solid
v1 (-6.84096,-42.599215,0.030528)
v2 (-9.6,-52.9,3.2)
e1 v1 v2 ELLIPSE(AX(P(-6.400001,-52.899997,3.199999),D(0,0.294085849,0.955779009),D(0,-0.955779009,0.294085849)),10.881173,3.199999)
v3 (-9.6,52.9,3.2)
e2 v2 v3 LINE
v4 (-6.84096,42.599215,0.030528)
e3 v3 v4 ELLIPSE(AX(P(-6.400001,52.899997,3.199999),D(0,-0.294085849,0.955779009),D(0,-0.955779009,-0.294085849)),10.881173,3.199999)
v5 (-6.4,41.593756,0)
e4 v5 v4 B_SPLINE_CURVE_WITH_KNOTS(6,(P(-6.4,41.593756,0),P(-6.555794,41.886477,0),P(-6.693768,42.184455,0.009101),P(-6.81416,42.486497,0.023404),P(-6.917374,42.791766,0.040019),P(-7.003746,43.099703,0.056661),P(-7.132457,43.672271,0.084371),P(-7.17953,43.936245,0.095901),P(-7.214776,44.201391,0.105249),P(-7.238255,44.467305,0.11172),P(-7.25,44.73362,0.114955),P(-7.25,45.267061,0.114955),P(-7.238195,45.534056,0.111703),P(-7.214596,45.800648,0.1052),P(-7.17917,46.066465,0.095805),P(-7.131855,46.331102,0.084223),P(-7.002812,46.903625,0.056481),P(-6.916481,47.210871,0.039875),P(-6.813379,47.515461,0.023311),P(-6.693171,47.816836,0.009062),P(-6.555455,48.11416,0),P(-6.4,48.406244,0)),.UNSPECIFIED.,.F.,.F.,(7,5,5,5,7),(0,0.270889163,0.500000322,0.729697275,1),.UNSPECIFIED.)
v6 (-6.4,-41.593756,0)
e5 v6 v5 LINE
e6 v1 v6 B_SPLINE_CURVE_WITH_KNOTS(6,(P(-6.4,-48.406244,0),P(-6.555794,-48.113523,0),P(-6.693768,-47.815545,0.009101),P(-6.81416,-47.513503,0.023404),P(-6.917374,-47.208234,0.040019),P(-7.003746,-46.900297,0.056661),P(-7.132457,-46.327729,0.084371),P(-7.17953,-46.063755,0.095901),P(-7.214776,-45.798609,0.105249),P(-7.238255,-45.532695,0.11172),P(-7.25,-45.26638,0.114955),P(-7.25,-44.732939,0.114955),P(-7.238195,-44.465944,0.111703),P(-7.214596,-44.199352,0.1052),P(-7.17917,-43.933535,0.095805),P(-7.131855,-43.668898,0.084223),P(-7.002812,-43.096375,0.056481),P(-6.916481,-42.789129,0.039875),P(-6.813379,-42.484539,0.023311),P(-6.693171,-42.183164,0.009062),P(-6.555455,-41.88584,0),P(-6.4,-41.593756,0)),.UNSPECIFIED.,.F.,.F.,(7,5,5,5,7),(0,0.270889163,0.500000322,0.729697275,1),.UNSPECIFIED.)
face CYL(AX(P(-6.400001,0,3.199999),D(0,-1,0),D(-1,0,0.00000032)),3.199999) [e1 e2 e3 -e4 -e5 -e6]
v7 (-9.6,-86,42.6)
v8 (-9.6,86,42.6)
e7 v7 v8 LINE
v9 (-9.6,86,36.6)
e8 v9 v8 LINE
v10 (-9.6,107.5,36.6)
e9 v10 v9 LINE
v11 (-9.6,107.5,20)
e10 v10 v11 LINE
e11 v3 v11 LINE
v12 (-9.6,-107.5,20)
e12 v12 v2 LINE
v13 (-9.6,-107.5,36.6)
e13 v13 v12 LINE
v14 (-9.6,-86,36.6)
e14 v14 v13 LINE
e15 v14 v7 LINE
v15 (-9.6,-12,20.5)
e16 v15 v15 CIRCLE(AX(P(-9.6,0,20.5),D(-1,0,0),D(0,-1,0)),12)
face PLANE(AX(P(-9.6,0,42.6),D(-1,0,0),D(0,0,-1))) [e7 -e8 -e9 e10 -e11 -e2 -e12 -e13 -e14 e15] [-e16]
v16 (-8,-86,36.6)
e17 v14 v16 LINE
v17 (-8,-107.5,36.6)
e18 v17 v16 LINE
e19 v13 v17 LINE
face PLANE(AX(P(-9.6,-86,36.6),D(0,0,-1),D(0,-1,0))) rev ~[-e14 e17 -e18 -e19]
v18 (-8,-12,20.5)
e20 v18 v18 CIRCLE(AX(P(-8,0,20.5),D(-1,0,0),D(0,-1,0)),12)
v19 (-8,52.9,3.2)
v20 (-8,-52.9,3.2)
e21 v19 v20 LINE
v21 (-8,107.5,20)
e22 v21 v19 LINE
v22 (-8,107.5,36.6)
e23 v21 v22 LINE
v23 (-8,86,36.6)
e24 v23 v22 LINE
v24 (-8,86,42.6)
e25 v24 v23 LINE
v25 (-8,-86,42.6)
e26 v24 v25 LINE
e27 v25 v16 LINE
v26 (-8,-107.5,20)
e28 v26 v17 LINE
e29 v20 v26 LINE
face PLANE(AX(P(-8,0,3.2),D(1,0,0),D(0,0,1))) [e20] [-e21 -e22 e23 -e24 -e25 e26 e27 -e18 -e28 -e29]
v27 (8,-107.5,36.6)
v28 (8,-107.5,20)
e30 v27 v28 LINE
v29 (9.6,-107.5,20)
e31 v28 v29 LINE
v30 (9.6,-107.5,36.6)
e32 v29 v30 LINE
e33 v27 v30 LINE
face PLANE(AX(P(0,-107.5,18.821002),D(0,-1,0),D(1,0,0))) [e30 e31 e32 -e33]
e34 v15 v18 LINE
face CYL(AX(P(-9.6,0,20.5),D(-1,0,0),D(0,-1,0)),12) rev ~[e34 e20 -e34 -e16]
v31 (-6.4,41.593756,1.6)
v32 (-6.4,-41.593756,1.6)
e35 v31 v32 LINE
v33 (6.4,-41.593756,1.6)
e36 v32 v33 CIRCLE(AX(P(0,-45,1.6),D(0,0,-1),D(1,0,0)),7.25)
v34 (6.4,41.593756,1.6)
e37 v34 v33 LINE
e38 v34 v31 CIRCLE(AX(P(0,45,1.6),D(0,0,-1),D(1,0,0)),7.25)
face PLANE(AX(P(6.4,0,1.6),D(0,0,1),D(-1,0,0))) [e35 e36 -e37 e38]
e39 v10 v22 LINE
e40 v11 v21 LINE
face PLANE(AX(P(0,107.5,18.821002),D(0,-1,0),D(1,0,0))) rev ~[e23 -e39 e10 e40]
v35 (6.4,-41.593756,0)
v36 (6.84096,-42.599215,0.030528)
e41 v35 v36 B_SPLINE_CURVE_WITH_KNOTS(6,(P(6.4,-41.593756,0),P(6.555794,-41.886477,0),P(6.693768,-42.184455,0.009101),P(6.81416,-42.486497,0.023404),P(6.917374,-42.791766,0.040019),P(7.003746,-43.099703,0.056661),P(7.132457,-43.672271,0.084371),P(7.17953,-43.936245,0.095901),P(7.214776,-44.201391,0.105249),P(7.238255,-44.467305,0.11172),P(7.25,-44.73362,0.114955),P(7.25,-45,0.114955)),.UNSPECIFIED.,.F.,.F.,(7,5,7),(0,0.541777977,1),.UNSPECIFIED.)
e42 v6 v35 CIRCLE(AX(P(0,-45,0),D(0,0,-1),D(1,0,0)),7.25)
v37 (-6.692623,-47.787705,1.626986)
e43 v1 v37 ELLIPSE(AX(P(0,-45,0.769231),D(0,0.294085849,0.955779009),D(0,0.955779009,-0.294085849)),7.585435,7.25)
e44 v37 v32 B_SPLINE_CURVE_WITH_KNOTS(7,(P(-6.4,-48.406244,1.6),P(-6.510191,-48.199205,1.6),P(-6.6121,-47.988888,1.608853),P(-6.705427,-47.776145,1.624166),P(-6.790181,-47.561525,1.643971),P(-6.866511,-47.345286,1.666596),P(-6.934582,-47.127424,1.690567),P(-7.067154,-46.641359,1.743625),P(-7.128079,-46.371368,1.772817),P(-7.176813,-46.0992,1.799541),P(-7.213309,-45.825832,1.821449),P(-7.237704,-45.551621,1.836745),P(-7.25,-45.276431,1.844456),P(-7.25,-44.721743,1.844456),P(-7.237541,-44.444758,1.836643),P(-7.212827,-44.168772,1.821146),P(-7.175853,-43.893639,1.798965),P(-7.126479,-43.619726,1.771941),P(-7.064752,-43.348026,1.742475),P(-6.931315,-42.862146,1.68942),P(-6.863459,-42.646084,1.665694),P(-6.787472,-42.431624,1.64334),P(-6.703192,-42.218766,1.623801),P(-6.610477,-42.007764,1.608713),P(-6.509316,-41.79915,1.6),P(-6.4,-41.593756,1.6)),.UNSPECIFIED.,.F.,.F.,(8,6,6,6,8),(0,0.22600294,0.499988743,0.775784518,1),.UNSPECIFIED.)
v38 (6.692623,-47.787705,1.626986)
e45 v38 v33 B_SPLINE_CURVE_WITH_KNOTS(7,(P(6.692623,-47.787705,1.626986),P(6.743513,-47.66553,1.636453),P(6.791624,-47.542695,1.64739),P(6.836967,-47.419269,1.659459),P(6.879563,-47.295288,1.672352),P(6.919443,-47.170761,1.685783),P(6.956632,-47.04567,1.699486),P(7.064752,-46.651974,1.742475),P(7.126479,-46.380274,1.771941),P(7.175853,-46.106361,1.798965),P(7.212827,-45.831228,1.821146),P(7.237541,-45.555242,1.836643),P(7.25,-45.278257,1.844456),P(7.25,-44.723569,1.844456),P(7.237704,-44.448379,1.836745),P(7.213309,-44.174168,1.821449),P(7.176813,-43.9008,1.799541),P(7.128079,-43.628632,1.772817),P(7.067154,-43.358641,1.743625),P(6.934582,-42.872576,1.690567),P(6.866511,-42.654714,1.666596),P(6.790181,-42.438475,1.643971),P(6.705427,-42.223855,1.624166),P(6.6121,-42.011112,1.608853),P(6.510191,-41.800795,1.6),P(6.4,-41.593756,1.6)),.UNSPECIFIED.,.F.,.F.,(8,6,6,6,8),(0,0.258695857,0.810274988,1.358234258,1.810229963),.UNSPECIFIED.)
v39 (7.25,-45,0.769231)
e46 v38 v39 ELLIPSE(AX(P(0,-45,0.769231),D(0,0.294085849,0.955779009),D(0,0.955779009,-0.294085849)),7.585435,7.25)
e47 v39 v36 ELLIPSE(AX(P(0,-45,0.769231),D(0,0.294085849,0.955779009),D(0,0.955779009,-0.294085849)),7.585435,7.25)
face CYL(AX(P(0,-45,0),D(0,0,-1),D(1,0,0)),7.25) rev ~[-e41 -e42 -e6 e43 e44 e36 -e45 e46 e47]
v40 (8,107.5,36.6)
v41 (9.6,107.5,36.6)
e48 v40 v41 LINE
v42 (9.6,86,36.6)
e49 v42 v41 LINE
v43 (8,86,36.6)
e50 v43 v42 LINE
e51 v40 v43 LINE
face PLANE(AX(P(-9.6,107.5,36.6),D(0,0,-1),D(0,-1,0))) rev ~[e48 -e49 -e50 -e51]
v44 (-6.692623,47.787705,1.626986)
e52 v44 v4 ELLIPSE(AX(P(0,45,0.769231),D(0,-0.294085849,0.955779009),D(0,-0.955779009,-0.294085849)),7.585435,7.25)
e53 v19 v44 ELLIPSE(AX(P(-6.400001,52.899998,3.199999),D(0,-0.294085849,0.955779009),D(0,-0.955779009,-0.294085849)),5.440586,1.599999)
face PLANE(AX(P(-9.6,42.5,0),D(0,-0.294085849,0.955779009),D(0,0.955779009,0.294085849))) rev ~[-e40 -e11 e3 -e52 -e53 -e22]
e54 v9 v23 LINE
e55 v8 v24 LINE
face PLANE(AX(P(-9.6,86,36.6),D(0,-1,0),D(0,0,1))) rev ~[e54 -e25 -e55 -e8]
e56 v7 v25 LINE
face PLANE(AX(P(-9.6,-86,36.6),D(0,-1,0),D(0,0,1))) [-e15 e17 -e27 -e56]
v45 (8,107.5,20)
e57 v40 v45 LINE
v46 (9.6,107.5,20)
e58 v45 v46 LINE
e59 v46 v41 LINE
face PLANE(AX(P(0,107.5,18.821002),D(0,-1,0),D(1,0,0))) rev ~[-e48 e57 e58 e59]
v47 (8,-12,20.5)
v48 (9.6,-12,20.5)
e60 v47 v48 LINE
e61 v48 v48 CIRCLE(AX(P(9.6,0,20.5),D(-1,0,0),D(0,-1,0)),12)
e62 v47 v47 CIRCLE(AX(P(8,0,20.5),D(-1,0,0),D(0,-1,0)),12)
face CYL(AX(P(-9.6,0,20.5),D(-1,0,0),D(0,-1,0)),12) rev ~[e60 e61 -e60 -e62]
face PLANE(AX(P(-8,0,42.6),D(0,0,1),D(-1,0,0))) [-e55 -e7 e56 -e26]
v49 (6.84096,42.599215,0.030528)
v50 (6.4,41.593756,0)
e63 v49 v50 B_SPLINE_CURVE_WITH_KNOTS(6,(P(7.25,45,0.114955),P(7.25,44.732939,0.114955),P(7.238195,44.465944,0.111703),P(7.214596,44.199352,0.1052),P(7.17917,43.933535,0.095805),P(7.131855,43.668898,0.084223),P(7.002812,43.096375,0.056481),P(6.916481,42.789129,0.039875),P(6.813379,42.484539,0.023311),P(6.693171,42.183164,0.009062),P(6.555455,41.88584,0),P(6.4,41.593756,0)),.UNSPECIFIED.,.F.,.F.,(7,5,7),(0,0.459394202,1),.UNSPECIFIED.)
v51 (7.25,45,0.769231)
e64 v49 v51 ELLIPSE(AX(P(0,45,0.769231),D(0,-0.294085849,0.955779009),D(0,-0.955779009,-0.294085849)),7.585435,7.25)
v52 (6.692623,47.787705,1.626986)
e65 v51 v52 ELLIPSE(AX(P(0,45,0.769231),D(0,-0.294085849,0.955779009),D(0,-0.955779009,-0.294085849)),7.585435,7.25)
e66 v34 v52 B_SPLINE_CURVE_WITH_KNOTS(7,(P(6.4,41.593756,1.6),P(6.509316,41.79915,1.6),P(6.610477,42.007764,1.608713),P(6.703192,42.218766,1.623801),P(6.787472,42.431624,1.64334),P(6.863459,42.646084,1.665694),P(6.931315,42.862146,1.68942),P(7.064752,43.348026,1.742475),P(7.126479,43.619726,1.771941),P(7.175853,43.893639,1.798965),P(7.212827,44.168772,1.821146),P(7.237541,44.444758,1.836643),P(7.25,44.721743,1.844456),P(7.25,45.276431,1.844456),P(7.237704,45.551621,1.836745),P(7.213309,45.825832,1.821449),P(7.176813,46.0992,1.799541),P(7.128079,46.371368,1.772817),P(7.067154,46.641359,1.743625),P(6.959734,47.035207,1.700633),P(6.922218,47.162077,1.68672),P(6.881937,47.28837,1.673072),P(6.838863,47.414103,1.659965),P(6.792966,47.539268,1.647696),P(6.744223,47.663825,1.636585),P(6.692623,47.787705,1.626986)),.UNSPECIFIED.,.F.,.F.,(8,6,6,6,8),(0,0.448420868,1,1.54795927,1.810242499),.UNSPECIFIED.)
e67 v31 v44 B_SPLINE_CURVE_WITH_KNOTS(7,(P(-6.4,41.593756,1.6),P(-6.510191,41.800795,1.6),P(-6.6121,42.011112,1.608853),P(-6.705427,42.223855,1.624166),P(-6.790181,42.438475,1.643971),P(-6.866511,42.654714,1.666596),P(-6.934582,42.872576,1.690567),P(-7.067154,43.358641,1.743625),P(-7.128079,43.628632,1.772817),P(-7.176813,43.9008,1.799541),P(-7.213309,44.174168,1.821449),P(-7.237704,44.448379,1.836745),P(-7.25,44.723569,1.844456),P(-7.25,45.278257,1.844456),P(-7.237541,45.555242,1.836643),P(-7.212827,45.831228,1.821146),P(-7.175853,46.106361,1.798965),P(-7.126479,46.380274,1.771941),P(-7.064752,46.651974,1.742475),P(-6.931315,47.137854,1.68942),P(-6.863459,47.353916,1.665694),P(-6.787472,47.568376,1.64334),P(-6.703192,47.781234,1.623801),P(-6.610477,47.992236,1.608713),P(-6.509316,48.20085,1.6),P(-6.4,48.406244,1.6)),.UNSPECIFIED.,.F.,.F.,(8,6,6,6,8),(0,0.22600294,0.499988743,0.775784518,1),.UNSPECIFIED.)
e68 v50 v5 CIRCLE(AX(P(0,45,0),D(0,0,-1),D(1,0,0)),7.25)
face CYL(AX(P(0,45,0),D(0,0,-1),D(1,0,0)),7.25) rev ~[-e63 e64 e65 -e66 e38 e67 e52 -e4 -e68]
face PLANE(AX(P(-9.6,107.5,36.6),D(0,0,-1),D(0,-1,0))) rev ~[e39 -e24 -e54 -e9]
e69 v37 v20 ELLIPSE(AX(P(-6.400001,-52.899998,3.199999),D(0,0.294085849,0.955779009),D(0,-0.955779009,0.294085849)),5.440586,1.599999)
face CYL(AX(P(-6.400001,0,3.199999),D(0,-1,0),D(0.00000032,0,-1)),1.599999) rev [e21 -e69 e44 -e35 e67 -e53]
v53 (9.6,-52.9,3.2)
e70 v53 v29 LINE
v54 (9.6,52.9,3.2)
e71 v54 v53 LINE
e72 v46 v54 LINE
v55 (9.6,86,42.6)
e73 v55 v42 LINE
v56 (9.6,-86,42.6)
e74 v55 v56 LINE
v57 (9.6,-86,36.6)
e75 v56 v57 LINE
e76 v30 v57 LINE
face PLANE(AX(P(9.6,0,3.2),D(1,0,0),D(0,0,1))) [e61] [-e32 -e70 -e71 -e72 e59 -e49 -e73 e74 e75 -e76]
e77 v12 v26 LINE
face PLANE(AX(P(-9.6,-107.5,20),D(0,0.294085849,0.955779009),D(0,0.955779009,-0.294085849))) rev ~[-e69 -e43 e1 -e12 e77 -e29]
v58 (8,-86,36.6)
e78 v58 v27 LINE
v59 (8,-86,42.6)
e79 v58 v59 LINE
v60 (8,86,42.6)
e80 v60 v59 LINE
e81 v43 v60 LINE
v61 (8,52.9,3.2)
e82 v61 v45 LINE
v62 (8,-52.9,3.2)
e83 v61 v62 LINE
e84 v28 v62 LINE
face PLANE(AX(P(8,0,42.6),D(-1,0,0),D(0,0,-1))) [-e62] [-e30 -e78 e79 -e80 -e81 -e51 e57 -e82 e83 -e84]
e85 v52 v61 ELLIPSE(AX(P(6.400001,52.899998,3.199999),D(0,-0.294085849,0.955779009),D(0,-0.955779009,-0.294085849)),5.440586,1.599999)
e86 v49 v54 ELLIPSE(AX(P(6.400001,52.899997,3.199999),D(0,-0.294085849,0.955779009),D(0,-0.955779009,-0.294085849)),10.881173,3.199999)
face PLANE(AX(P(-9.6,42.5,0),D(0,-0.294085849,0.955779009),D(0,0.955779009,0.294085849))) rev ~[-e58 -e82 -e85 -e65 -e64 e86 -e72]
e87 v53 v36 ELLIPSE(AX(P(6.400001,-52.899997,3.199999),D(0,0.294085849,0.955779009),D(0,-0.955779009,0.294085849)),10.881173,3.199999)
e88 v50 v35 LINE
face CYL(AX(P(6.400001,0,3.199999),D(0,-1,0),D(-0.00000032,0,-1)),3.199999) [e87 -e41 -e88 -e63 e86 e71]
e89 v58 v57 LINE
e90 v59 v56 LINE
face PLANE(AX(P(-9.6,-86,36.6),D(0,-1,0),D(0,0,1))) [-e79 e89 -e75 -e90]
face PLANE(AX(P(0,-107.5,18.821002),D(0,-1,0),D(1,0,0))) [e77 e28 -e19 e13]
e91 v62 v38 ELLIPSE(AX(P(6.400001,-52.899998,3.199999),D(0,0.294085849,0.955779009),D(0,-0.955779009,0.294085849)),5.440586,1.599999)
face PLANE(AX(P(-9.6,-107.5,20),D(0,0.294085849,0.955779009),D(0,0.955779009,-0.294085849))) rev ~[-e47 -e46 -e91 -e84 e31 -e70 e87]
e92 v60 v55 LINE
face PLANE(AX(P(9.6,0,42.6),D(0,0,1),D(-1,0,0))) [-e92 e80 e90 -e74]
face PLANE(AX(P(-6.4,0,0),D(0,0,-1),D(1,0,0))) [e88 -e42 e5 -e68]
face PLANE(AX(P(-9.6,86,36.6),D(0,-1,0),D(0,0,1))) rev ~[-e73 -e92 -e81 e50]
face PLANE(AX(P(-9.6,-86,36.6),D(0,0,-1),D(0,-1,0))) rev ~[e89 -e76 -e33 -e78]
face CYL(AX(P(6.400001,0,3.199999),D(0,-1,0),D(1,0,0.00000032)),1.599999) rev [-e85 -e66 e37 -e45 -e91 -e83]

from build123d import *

# Parameters (mm, degrees)
F1_DEPTH = 107.5
F2_W     = 21.5
F2_H     = 6
F2_R     = 12
F3_DEPTH = 25
F4_R     = 7.25
F5_DEPTH = 5


with BuildPart() as f1:
    # F0 (on Front) → F1 (new body, symmetric)
    with BuildSketch(Plane.XZ):
        with BuildLine():
            Line((-6.4, 0), (0, 0))
            Line((0, 0), (6.4, 0))
            ThreePointArc((6.4, 0), (8.662742, 0.937258), (9.6, 3.2))
            Line((9.6, 3.2), (9.6, 42.6))
            Line((9.6, 42.6), (8, 42.6))
            Line((8, 42.6), (8, 3.2))
            ThreePointArc((8, 3.2), (7.531371, 2.068629), (6.4, 1.6))
            Line((6.4, 1.6), (0, 1.6))
            Line((0, 1.6), (-6.4, 1.6))
            ThreePointArc((-6.4, 1.6), (-7.531371, 2.068629), (-8, 3.2))
            Line((-8, 3.2), (-8, 42.6))
            Line((-8, 42.6), (-9.6, 42.6))
            Line((-9.6, 42.6), (-9.6, 3.2))
            ThreePointArc((-9.6, 3.2), (-8.662742, 0.937258), (-6.4, 0))
        make_face()
    extrude(amount=F1_DEPTH, both=True)

    # F2 (on face) → F3 (cut)
    with BuildSketch(Plane(origin=(-9.6, 0, 0), x_dir=(0, -1, 0), z_dir=(-1, 0, 0))):
        with Locations((-96.75, 39.6)):
            Rectangle(F2_W, F2_H)
        Polygon((-42.5, 0), (-107.5, 20), (-107.5, 0), align=None)
        Polygon((42.5, 0), (107.5, 0), (107.5, 20), align=None)
        with Locations((96.75, 39.6)):
            Rectangle(F2_W, F2_H)
        with Locations((0, 20.5)):
            Circle(F2_R)
    extrude(amount=-F3_DEPTH, mode=Mode.SUBTRACT)

    # F4 (on face) → F5 (cut)
    with BuildSketch(Plane(origin=(0, 0, 0), x_dir=(1, 0, 0), z_dir=(0, 0, -1))):
        with Locations((0, -45)):
            Circle(F4_R)
        with Locations((0, 45)):
            Circle(F4_R)
    extrude(amount=-F5_DEPTH, mode=Mode.SUBTRACT)


solid = f1.part
